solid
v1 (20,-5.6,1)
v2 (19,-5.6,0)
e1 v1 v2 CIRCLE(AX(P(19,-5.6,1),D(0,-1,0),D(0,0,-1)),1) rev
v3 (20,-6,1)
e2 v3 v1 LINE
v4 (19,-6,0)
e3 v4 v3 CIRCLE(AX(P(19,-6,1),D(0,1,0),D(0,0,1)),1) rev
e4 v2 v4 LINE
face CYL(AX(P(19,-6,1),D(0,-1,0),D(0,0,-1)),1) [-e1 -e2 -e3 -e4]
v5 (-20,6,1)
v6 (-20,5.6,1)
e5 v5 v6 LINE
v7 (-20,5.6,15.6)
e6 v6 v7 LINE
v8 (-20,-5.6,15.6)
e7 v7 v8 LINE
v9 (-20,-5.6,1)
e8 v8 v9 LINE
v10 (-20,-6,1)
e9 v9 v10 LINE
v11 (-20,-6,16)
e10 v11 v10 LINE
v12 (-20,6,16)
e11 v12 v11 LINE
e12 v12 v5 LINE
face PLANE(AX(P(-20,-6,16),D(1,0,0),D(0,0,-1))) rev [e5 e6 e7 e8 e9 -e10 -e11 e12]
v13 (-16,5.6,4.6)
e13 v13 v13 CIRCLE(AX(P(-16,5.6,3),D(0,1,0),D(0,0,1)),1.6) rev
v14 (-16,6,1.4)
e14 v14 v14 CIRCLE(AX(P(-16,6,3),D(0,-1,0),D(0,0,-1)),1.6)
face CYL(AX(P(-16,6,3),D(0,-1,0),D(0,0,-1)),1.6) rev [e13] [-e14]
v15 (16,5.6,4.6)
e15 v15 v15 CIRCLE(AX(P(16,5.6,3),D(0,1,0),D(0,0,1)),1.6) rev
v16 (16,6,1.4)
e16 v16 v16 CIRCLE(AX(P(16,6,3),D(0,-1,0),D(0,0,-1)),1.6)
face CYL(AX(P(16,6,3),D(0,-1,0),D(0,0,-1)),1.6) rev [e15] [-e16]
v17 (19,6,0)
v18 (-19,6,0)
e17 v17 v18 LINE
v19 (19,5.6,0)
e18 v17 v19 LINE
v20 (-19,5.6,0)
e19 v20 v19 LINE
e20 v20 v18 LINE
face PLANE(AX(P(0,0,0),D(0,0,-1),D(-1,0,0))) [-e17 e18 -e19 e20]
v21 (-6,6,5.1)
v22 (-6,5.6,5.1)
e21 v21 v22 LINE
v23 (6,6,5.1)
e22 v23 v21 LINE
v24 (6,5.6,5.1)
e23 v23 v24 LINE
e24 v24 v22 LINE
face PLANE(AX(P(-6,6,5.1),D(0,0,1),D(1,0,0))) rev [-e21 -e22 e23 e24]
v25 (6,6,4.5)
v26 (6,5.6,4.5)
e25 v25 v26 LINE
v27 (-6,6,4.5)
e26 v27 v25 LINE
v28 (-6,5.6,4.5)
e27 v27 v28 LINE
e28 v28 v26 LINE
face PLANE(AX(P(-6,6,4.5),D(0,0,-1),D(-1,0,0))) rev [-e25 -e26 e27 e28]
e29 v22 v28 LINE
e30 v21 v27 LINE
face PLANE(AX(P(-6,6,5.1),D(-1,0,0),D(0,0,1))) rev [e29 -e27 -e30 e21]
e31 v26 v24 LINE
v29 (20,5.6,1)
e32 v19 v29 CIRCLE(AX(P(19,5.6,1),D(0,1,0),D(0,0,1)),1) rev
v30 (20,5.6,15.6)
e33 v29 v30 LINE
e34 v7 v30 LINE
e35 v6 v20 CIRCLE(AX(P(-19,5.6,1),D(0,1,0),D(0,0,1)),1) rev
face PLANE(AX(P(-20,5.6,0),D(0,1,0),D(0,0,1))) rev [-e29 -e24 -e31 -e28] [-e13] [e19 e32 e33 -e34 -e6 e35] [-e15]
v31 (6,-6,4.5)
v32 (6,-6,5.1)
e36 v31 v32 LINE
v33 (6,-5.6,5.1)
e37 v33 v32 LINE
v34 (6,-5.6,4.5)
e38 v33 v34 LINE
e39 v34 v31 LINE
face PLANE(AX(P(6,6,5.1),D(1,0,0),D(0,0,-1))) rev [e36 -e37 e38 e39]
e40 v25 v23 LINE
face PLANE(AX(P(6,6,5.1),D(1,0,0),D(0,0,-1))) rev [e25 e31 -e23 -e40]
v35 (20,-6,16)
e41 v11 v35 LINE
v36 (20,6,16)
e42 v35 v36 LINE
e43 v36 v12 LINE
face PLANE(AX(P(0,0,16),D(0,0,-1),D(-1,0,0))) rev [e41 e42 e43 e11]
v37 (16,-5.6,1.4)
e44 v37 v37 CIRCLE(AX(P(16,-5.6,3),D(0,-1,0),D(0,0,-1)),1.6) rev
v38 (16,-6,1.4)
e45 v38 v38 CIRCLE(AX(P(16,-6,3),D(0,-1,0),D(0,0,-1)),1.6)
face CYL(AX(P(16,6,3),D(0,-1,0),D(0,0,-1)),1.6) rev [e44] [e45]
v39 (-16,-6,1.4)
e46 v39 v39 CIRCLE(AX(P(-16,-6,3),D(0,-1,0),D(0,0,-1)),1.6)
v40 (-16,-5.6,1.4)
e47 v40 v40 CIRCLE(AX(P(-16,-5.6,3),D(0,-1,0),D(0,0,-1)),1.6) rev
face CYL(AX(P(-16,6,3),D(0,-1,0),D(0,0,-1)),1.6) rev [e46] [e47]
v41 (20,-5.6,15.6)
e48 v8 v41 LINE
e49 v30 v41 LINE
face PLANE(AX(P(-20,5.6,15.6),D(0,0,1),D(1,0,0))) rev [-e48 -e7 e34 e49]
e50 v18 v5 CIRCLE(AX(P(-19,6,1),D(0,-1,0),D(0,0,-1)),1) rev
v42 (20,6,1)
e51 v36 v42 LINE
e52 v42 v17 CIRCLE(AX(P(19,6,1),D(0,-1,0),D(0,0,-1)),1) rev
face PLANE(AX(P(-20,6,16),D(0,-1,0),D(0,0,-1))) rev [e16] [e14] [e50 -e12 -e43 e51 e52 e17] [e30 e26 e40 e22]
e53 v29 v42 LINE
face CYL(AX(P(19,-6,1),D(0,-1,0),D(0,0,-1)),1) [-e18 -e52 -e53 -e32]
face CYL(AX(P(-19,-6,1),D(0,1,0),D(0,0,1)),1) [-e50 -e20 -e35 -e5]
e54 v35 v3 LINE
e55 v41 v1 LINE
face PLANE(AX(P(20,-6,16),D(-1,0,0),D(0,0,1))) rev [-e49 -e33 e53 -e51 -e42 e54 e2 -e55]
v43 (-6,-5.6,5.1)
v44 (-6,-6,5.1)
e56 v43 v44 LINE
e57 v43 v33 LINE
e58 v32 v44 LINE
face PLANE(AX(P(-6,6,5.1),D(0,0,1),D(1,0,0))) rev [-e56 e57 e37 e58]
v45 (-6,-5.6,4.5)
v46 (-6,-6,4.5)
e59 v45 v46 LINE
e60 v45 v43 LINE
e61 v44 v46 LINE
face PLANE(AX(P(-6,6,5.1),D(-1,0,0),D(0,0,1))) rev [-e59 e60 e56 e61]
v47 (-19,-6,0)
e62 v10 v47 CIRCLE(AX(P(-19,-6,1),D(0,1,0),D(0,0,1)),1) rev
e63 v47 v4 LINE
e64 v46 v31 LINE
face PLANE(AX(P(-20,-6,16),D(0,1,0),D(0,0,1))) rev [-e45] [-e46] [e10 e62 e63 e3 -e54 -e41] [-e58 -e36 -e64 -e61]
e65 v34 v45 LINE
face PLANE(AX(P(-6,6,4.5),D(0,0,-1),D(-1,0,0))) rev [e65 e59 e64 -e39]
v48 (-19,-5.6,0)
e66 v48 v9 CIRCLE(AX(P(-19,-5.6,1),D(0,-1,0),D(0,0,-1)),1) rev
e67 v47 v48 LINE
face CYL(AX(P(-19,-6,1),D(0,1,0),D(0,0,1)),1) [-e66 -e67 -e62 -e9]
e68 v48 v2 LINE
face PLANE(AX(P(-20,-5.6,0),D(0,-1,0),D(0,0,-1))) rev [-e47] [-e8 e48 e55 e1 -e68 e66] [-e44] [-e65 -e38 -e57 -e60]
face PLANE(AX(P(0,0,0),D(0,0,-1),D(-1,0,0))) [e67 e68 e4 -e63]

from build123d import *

# Parameters (mm, degrees)
SKETCH1_W           = 40
SKETCH1_H           = 12
BOSS_EXTRUDE1_DEPTH = 16
SKETCH2_R           = 1.6
SKETCH2_W           = 12
SKETCH2_H           = 0.6
CUT_EXTRUDE1_DEPTH  = 13
SKETCH3_W           = 15.6
SKETCH3_H           = 11.2
CUT_EXTRUDE2_DEPTH  = 41
FILLET1_R           = 1


with BuildPart() as part:
    # Sketch1 → Boss-Extrude1 (new body)
    with BuildSketch(Plane.XY):
        Rectangle(SKETCH1_W, SKETCH1_H)
    extrude(amount=BOSS_EXTRUDE1_DEPTH)

    # Sketch2 → Cut-Extrude1 (cut, through all)
    with BuildSketch(Plane.XZ.offset(6)):
        with Locations((-16, 3)):
            Circle(SKETCH2_R)
        with Locations((16, 3)):
            Circle(SKETCH2_R)
        with Locations((0, 4.8)):
            Rectangle(SKETCH2_W, SKETCH2_H)
    extrude(amount=-CUT_EXTRUDE1_DEPTH, mode=Mode.SUBTRACT)

    # Sketch3 → Cut-Extrude2 (cut, through all)
    with BuildSketch(Plane(origin=(20, 0, 0), x_dir=(0, 0, -1), z_dir=(1, 0, 0))):
        with Locations((-7.8, 0)):
            Rectangle(SKETCH3_W, SKETCH3_H)
    extrude(amount=-CUT_EXTRUDE2_DEPTH, mode=Mode.SUBTRACT)

    # Fillet1
    fillet1_edges = [part.edges().sort_by_distance(p)[0] for p in [
        (20, 5.8, 0),
        (-20, -5.8, 0),
        (-20, 5.8, 0),
        (20, -5.8, 0),
    ]]
    fillet(fillet1_edges, radius=FILLET1_R)


solid = part.part
